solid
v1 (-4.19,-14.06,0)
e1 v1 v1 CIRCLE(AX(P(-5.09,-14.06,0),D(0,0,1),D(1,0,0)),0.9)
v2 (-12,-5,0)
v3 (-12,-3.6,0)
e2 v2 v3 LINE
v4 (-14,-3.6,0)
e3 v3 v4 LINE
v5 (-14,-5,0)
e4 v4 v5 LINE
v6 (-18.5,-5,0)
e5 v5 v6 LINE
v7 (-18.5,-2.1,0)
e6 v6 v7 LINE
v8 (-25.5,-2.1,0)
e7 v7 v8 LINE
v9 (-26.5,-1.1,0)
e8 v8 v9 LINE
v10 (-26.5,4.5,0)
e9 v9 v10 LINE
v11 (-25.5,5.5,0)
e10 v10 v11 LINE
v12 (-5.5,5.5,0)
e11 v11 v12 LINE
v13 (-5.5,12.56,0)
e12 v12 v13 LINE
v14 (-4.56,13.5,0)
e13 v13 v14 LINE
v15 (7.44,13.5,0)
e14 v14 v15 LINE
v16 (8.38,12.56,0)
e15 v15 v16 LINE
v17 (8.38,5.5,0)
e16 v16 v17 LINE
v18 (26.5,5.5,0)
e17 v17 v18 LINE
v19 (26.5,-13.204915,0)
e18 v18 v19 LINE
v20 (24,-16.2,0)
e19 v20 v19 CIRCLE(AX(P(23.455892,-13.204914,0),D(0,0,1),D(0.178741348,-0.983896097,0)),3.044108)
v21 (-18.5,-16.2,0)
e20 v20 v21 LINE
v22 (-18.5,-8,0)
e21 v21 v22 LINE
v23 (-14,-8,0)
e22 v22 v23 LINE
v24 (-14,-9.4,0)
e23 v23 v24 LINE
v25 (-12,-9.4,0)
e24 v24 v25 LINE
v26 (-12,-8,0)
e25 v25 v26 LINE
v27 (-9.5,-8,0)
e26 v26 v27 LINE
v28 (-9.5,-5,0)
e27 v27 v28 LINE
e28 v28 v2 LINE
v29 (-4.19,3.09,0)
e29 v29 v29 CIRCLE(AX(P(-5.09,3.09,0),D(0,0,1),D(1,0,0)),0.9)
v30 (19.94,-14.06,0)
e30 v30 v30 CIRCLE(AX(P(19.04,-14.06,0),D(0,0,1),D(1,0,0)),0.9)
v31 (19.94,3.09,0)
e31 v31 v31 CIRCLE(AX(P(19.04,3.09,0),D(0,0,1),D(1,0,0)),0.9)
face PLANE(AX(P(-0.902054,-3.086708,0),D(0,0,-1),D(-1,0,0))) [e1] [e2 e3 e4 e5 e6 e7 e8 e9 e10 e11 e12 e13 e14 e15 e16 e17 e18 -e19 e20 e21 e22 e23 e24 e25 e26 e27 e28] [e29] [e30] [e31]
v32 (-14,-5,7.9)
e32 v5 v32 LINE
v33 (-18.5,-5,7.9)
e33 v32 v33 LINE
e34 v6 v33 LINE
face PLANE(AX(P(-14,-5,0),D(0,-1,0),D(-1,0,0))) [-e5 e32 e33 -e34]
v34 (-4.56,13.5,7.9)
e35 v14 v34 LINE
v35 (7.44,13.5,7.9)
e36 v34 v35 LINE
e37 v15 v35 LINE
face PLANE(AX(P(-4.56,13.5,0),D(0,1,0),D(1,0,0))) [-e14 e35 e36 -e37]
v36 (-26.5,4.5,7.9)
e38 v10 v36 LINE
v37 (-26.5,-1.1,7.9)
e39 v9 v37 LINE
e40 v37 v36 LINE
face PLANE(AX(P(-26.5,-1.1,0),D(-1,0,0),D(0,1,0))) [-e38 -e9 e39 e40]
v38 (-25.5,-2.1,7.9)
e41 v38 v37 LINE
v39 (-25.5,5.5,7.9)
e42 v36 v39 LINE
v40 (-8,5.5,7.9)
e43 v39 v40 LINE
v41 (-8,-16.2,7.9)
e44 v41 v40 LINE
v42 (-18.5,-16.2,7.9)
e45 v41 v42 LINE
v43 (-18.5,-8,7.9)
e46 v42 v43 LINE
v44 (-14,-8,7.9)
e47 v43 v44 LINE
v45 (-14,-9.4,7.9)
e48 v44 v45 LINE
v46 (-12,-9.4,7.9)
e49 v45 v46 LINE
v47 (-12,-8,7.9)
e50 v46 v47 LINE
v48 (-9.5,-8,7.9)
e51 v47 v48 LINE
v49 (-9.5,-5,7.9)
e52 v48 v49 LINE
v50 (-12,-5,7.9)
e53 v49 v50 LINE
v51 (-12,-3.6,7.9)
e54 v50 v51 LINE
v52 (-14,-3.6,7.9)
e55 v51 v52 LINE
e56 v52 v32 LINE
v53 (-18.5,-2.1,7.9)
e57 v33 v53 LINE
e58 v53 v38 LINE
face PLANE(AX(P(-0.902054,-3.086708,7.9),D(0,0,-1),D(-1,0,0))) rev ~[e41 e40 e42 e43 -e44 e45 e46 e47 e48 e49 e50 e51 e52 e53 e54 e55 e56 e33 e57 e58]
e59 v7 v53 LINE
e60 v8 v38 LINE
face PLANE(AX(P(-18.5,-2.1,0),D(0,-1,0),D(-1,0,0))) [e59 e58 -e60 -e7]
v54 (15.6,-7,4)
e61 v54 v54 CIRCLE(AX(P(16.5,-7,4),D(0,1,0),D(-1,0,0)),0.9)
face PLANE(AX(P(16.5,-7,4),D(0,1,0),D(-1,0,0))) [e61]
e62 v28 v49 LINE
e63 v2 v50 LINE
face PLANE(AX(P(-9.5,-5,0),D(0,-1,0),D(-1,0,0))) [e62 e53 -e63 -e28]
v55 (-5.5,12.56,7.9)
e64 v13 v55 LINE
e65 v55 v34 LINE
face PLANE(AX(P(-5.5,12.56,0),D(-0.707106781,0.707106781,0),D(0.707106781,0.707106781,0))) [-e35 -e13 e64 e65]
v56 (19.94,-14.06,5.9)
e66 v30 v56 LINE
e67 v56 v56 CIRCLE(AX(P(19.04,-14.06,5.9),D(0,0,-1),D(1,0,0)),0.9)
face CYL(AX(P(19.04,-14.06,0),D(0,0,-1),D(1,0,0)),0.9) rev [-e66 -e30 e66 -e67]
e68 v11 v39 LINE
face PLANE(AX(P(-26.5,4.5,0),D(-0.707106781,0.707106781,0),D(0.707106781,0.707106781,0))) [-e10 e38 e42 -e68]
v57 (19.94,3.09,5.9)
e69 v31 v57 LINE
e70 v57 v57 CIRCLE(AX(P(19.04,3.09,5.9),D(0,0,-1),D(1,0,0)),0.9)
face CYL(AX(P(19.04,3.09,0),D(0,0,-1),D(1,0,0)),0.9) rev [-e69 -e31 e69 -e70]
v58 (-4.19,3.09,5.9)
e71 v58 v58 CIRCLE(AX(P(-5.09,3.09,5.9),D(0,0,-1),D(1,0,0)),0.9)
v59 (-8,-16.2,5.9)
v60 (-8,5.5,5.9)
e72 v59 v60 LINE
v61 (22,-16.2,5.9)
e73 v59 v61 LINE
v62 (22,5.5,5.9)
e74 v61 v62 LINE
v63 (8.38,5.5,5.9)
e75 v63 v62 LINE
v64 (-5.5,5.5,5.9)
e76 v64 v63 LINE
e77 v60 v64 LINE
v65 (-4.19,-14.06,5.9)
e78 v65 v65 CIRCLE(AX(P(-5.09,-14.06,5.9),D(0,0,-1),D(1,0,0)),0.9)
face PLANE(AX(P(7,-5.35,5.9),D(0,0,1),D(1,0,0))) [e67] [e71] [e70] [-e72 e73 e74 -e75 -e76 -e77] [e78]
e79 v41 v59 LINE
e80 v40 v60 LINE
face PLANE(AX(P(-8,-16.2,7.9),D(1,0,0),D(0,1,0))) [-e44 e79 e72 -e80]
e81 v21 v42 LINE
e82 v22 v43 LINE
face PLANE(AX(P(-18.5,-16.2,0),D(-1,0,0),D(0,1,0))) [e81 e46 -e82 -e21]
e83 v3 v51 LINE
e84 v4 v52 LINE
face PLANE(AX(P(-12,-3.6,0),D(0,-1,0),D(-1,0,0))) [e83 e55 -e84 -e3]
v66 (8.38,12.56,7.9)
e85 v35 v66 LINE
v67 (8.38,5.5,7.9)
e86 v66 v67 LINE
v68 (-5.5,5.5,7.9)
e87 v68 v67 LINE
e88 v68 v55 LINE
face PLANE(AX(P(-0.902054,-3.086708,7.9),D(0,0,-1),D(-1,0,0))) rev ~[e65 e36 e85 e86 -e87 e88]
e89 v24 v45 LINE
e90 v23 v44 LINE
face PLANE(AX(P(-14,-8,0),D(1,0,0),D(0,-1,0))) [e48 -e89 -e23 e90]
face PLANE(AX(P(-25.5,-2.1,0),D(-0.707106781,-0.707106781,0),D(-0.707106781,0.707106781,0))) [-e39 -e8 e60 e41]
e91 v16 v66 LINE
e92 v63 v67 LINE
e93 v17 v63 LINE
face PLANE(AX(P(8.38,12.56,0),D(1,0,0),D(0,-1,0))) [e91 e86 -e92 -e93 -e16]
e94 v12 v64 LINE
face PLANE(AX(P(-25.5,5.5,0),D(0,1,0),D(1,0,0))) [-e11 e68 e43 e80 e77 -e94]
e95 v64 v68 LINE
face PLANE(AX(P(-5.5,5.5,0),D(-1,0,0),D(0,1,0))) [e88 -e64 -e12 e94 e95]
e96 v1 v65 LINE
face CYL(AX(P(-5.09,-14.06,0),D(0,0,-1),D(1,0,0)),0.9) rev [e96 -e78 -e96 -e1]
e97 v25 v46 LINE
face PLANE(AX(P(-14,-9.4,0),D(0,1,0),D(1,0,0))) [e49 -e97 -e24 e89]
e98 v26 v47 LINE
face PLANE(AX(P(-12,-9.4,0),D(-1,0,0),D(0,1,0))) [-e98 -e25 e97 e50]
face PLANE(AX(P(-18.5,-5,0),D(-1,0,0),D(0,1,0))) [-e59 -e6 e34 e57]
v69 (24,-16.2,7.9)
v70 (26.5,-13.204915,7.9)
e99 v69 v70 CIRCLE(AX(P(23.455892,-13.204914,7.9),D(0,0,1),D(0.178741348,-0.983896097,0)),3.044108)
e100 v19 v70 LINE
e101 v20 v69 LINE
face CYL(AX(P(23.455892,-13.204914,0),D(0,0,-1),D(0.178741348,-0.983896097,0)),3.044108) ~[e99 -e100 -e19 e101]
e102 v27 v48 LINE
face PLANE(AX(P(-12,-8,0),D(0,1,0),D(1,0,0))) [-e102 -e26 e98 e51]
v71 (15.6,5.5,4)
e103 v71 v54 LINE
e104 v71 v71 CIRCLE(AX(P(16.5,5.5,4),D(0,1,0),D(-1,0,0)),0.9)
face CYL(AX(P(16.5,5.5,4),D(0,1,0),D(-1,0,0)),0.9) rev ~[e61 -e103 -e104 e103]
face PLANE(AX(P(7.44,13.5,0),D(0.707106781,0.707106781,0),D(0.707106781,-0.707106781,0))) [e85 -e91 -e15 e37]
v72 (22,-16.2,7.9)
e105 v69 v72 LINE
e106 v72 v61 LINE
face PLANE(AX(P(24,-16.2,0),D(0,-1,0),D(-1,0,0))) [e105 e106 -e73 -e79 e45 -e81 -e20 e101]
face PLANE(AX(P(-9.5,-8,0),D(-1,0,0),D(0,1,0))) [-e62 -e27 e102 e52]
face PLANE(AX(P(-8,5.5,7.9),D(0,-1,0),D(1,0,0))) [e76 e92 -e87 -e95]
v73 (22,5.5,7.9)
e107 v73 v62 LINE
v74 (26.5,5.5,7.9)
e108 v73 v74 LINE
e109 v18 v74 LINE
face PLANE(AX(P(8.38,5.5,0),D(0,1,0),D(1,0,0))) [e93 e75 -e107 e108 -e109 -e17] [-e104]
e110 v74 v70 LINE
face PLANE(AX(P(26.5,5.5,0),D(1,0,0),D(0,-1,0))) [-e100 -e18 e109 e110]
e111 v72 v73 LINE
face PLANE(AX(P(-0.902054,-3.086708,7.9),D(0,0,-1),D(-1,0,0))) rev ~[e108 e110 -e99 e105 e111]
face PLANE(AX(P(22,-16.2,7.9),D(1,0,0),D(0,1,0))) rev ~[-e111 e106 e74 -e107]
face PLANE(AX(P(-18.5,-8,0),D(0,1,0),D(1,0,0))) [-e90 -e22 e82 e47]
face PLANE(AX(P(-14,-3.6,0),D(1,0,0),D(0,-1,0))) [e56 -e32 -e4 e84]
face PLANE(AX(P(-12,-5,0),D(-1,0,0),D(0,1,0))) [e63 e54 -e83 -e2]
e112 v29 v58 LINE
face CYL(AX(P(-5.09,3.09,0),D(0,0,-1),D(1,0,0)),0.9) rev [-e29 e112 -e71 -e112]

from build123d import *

# Parameters (mm, degrees)
SKETCH002_W  = 30
SKETCH002_H  = 21.7
PAD002_DEPTH = 2
SKETCH001_R  = 0.9
PAD001_DEPTH = 10
PAD_DEPTH    = 7.9
SKETCH005_R  = 0.9
POCKET_DEPTH = 12.5


with BuildPart() as pcb_placement_puncher:
    # Sketch002 → Pad002 (new body)
    with BuildSketch(Plane.XY.offset(7.9)):
        with Locations((7, -5.35)):
            Rectangle(SKETCH002_W, SKETCH002_H)
    extrude(amount=-PAD002_DEPTH)


with BuildPart() as holes_for_pcb_puncher:
    # Sketch001 → Pad001 (new body)
    with BuildSketch(Plane.XY):
        with Locations((-5.09, 3.09)):
            Circle(SKETCH001_R)
        with Locations((19.04, 3.09)):
            Circle(SKETCH001_R)
        with Locations((19.04, -14.06)):
            Circle(SKETCH001_R)
        with Locations((-5.09, -14.06)):
            Circle(SKETCH001_R)
    extrude(amount=PAD001_DEPTH)


with BuildPart() as i3b1_31_with_ir_probe_pcb_holder:
    # Sketch → Pad (new body)
    with BuildSketch(Plane.XY):
        with BuildLine():
            Line((-5.5, 5.5), (-5.5, 12.56))
            Line((-5.5, 12.56), (-4.56, 13.5))
            Line((-4.56, 13.5), (7.44, 13.5))
            Line((7.44, 13.5), (8.38, 12.56))
            Line((8.38, 12.56), (8.38, 5.5))
            Line((8.38, 5.5), (26.5, 5.5))
            Line((26.5, 5.5), (26.5, -13.204915))
            ThreePointArc((24, -16.2), (25.792868, -15.15559), (26.5, -13.204915))
            Line((24, -16.2), (-18.5, -16.2))
            Line((-18.5, -16.2), (-18.5, -8))
            Line((-18.5, -8), (-14, -8))
            Line((-14, -8), (-14, -9.4))
            Line((-14, -9.4), (-12, -9.4))
            Line((-12, -9.4), (-12, -8))
            Line((-12, -8), (-9.5, -8))
            Line((-9.5, -8), (-9.5, -5))
            Line((-9.5, -5), (-12, -5))
            Line((-12, -5), (-12, -3.6))
            Line((-12, -3.6), (-14, -3.6))
            Line((-14, -3.6), (-14, -5))
            Line((-14, -5), (-18.5, -5))
            Line((-18.5, -5), (-18.5, -2.1))
            Line((-18.5, -2.1), (-25.5, -2.1))
            Line((-25.5, -2.1), (-26.5, -1.1))
            Line((-26.5, -1.1), (-26.5, 4.5))
            Line((-26.5, 4.5), (-25.5, 5.5))
            Line((-25.5, 5.5), (-5.5, 5.5))
        make_face()
    extrude(amount=PAD_DEPTH)

    # Cut: cut Holes for PCB Puncher
    add(holes_for_pcb_puncher.part, mode=Mode.SUBTRACT)

    # Cut001: cut PCB Placement Puncher
    add(pcb_placement_puncher.part, mode=Mode.SUBTRACT)

    # Sketch005 → Pocket (cut)
    with BuildSketch(Plane(origin=(0, 5.5, 0), x_dir=(-1, 0, 0), z_dir=(0, 1, 0))):
        with Locations((-16.5, 4)):
            Circle(SKETCH005_R)
    extrude(amount=-POCKET_DEPTH, mode=Mode.SUBTRACT)


solid = i3b1_31_with_ir_probe_pcb_holder.part
